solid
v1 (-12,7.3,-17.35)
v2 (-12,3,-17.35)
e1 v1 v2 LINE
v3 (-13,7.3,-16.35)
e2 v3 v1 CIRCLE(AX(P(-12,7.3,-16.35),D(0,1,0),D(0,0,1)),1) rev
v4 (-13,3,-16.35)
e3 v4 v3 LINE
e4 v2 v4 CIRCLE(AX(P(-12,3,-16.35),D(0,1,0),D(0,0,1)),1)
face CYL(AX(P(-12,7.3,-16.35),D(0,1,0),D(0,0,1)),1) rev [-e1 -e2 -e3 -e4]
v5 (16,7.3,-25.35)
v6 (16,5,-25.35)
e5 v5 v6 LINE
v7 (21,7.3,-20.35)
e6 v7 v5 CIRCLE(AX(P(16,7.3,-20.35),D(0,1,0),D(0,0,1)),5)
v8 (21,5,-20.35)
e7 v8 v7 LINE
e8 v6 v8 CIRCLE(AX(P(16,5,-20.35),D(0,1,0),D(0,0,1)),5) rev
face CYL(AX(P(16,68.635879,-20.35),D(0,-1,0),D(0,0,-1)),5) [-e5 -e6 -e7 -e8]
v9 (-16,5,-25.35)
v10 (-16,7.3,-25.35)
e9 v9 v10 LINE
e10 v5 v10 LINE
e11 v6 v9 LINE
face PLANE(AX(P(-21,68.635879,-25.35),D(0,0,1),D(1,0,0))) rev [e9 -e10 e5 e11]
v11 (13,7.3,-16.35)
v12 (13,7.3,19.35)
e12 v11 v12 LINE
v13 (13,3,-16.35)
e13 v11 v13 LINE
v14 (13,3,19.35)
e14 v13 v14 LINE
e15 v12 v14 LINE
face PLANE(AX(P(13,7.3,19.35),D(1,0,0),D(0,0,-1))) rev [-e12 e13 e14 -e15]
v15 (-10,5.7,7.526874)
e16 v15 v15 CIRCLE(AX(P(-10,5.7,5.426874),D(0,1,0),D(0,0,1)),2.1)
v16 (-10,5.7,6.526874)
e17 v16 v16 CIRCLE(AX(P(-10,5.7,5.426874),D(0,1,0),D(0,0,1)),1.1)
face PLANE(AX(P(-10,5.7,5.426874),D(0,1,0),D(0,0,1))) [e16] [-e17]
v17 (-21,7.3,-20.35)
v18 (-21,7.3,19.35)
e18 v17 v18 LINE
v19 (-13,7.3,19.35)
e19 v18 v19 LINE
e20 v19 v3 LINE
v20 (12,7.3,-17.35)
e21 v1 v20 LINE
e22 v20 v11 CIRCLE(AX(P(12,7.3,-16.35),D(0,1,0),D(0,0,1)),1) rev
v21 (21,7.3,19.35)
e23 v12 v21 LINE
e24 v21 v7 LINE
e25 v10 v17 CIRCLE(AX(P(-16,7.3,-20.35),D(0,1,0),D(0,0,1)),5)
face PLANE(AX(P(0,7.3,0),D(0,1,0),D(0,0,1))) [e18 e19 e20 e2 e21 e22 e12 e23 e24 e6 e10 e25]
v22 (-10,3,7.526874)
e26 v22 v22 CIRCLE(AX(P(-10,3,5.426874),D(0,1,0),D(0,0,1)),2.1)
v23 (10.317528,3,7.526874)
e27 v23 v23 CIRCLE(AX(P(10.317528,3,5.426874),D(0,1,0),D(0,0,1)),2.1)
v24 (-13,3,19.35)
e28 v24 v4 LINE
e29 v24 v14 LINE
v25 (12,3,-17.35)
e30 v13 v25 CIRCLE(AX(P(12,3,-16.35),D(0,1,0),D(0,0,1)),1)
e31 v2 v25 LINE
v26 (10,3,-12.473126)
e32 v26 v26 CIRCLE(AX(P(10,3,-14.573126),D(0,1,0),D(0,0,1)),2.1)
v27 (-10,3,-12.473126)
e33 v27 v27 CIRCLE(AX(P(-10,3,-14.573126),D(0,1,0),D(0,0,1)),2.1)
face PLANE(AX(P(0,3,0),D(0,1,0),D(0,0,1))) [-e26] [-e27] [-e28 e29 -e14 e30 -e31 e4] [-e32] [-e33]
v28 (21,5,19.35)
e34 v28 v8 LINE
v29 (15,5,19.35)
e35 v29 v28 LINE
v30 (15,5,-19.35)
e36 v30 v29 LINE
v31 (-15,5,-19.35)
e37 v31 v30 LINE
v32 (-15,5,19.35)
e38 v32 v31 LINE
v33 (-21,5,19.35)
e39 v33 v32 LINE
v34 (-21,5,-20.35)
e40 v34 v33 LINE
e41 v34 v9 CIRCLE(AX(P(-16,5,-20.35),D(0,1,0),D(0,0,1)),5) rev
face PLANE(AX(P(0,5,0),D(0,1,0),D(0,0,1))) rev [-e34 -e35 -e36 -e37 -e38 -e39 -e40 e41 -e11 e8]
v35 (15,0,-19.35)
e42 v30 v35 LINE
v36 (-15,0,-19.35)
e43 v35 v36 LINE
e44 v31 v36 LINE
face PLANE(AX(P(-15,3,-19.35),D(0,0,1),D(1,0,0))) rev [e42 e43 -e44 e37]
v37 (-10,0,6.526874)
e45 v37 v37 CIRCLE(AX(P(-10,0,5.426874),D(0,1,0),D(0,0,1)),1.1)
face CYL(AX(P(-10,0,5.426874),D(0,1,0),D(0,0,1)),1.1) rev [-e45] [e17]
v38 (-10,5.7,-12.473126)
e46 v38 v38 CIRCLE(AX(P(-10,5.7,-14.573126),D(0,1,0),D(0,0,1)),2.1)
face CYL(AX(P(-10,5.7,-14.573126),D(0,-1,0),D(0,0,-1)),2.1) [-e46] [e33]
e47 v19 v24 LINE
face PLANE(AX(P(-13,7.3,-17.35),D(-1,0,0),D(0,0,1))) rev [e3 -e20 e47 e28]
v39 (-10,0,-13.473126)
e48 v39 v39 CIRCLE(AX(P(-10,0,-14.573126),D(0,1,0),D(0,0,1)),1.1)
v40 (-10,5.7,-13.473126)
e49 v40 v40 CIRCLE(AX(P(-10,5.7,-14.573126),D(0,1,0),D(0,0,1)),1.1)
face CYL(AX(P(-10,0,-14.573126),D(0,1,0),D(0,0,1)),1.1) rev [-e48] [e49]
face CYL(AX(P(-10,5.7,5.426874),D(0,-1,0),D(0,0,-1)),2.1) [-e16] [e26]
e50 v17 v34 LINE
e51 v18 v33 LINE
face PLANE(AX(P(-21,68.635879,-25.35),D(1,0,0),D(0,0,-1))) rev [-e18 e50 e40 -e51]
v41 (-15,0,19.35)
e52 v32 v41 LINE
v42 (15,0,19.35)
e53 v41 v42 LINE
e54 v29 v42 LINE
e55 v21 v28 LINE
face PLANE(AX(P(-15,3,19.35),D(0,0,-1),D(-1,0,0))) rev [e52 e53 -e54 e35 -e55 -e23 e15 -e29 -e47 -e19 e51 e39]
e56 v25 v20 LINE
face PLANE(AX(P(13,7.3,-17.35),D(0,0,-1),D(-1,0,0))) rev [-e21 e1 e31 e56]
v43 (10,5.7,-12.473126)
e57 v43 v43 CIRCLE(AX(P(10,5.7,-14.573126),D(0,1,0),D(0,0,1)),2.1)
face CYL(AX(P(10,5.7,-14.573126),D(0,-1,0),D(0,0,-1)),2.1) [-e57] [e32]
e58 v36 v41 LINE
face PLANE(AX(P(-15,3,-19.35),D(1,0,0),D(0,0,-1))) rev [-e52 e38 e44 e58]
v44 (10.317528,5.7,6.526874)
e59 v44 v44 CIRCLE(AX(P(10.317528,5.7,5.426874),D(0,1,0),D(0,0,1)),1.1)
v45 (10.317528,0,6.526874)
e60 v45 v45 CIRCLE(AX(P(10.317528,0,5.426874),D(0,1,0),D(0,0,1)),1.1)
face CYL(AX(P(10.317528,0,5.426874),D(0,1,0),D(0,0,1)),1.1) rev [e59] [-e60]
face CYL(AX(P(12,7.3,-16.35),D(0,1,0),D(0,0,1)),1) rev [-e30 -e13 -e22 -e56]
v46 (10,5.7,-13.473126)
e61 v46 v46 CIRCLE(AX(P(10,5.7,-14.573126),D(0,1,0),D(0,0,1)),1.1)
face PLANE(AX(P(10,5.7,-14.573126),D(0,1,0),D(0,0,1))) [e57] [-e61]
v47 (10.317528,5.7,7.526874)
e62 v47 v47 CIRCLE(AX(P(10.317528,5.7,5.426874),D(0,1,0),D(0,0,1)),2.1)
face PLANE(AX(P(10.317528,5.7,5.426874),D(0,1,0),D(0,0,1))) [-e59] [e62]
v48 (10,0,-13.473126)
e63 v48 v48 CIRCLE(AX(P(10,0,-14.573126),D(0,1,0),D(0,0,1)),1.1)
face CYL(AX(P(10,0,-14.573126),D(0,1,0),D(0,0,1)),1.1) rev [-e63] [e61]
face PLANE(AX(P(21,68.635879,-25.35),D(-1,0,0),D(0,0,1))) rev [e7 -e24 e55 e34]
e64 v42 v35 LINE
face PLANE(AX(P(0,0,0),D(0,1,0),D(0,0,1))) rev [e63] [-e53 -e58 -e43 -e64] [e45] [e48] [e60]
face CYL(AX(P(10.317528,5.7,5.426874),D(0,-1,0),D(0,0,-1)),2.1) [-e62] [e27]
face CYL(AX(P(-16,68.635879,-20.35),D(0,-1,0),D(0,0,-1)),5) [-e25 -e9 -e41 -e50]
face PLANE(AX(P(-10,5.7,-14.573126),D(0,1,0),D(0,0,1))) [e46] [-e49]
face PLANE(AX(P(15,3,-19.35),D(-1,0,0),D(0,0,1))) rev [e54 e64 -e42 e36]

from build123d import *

# Parameters (mm, degrees)
SKETCH1_W           = 30
SKETCH1_H           = 38.7
BOSS_EXTRUDE1_DEPTH = 3
BOSS_EXTRUDE2_DEPTH = 4.3
FILLET1_R           = 1
SKETCH3_R           = 1.1
CUT_EXTRUDE1_DEPTH  = 25.857845844
BOSS_EXTRUDE3_START = 2.7
SKETCH4_R           = 2.1
SKETCH4_R_2         = 1.1
BOSS_EXTRUDE3_DEPTH = 2.7
BOSS_EXTRUDE4_START = 5
BOSS_EXTRUDE4_DEPTH = 2.3
FILLET2_R           = 5


with BuildPart() as part:
    # Sketch1 → Boss-Extrude1 (new body)
    with BuildSketch(Plane(origin=(0, 0, 0), x_dir=(1, 0, 0), z_dir=(0, 1, 0))):
        Rectangle(SKETCH1_W, SKETCH1_H)
    extrude(amount=BOSS_EXTRUDE1_DEPTH)

    # Sketch2 → Boss-Extrude2 (add)
    with BuildSketch(Plane(origin=(0, 3, 0), x_dir=(1, 0, 0), z_dir=(0, 1, 0))):
        Polygon((-13, 17.35), (-13, -19.35), (-15, -19.35), (-15, 19.35), (15, 19.35), (15, -19.35), (13, -19.35), (13, 17.35), align=None)
    extrude(amount=BOSS_EXTRUDE2_DEPTH)

    # Fillet1
    fillet1_edges = [part.edges().sort_by_distance(p)[0] for p in [
        (-13, 5.15, -17.35),
        (13, 5.15, -17.35),
    ]]
    fillet(fillet1_edges, radius=FILLET1_R)

    # Sketch3 → Cut-Extrude1 (cut, through all)
    with BuildSketch(Plane(origin=(0, 3, 0), x_dir=(1, 0, 0), z_dir=(0, 1, 0))):
        with Locations(Location((-10, 14.57312599, 0), (0, 0, 270))):
            Circle(SKETCH3_R)
        with Locations(Location((10, 14.57312599, 0), (0, 0, 270))):
            Circle(SKETCH3_R)
        with Locations(Location((-10, -5.42687401, 0), (0, 0, 270))):
            Circle(SKETCH3_R)
        with Locations(Location((10.317528275, -5.42687401, 0), (0, 0, 270))):
            Circle(SKETCH3_R)
    extrude(amount=-CUT_EXTRUDE1_DEPTH, mode=Mode.SUBTRACT)

    # Sketch4 → Boss-Extrude3 (add)
    # profile 1 of 4: a face of its own
    with BuildSketch(Plane(origin=(0, 3, 0), x_dir=(1, 0, 0), z_dir=(0, 1, 0)).offset(BOSS_EXTRUDE3_START)):
        with Locations(Location((-10, 14.57312599, 0), (0, 0, 270))):
            Circle(SKETCH4_R)
        with Locations(Location((-10, 14.57312599, 0), (0, 0, 270))):
            Circle(SKETCH4_R_2, mode=Mode.SUBTRACT)
    # profile 2 of 4: a face of its own
    with BuildSketch(Plane(origin=(0, 3, 0), x_dir=(1, 0, 0), z_dir=(0, 1, 0)).offset(BOSS_EXTRUDE3_START)):
        with Locations(Location((10, 14.57312599, 0), (0, 0, 270))):
            Circle(SKETCH4_R)
        with Locations(Location((10, 14.57312599, 0), (0, 0, 270))):
            Circle(SKETCH4_R_2, mode=Mode.SUBTRACT)
    # profile 3 of 4: a face of its own
    with BuildSketch(Plane(origin=(0, 3, 0), x_dir=(1, 0, 0), z_dir=(0, 1, 0)).offset(BOSS_EXTRUDE3_START)):
        with Locations(Location((10.317528275, -5.42687401, 0), (0, 0, 270))):
            Circle(SKETCH4_R)
        with Locations(Location((10.317528275, -5.42687401, 0), (0, 0, 270))):
            Circle(SKETCH4_R_2, mode=Mode.SUBTRACT)
    # profile 4 of 4: a face of its own
    with BuildSketch(Plane(origin=(0, 3, 0), x_dir=(1, 0, 0), z_dir=(0, 1, 0)).offset(BOSS_EXTRUDE3_START)):
        with Locations(Location((-10, -5.42687401, 0), (0, 0, 270))):
            Circle(SKETCH4_R)
        with Locations(Location((-10, -5.42687401, 0), (0, 0, 270))):
            Circle(SKETCH4_R_2, mode=Mode.SUBTRACT)
    extrude(amount=-BOSS_EXTRUDE3_DEPTH)

    # Sketch5 → Boss-Extrude4 (add)
    with BuildSketch(Plane(origin=(0, 0, 0), x_dir=(1, 0, 0), z_dir=(0, 1, 0)).offset(BOSS_EXTRUDE4_START)):
        Polygon((-21, 25.35), (21, 25.35), (21, -19.35), (15, -19.35), (15, 19.35), (-15, 19.35), (-15, -19.35), (-21, -19.35), align=None)
    extrude(amount=BOSS_EXTRUDE4_DEPTH)

    # Fillet2
    fillet2_edges = [part.edges().sort_by_distance(p)[0] for p in [
        (-21, 6.15, -25.35),
        (21, 6.15, -25.35),
    ]]
    fillet(fillet2_edges, radius=FILLET2_R)


solid = part.part
